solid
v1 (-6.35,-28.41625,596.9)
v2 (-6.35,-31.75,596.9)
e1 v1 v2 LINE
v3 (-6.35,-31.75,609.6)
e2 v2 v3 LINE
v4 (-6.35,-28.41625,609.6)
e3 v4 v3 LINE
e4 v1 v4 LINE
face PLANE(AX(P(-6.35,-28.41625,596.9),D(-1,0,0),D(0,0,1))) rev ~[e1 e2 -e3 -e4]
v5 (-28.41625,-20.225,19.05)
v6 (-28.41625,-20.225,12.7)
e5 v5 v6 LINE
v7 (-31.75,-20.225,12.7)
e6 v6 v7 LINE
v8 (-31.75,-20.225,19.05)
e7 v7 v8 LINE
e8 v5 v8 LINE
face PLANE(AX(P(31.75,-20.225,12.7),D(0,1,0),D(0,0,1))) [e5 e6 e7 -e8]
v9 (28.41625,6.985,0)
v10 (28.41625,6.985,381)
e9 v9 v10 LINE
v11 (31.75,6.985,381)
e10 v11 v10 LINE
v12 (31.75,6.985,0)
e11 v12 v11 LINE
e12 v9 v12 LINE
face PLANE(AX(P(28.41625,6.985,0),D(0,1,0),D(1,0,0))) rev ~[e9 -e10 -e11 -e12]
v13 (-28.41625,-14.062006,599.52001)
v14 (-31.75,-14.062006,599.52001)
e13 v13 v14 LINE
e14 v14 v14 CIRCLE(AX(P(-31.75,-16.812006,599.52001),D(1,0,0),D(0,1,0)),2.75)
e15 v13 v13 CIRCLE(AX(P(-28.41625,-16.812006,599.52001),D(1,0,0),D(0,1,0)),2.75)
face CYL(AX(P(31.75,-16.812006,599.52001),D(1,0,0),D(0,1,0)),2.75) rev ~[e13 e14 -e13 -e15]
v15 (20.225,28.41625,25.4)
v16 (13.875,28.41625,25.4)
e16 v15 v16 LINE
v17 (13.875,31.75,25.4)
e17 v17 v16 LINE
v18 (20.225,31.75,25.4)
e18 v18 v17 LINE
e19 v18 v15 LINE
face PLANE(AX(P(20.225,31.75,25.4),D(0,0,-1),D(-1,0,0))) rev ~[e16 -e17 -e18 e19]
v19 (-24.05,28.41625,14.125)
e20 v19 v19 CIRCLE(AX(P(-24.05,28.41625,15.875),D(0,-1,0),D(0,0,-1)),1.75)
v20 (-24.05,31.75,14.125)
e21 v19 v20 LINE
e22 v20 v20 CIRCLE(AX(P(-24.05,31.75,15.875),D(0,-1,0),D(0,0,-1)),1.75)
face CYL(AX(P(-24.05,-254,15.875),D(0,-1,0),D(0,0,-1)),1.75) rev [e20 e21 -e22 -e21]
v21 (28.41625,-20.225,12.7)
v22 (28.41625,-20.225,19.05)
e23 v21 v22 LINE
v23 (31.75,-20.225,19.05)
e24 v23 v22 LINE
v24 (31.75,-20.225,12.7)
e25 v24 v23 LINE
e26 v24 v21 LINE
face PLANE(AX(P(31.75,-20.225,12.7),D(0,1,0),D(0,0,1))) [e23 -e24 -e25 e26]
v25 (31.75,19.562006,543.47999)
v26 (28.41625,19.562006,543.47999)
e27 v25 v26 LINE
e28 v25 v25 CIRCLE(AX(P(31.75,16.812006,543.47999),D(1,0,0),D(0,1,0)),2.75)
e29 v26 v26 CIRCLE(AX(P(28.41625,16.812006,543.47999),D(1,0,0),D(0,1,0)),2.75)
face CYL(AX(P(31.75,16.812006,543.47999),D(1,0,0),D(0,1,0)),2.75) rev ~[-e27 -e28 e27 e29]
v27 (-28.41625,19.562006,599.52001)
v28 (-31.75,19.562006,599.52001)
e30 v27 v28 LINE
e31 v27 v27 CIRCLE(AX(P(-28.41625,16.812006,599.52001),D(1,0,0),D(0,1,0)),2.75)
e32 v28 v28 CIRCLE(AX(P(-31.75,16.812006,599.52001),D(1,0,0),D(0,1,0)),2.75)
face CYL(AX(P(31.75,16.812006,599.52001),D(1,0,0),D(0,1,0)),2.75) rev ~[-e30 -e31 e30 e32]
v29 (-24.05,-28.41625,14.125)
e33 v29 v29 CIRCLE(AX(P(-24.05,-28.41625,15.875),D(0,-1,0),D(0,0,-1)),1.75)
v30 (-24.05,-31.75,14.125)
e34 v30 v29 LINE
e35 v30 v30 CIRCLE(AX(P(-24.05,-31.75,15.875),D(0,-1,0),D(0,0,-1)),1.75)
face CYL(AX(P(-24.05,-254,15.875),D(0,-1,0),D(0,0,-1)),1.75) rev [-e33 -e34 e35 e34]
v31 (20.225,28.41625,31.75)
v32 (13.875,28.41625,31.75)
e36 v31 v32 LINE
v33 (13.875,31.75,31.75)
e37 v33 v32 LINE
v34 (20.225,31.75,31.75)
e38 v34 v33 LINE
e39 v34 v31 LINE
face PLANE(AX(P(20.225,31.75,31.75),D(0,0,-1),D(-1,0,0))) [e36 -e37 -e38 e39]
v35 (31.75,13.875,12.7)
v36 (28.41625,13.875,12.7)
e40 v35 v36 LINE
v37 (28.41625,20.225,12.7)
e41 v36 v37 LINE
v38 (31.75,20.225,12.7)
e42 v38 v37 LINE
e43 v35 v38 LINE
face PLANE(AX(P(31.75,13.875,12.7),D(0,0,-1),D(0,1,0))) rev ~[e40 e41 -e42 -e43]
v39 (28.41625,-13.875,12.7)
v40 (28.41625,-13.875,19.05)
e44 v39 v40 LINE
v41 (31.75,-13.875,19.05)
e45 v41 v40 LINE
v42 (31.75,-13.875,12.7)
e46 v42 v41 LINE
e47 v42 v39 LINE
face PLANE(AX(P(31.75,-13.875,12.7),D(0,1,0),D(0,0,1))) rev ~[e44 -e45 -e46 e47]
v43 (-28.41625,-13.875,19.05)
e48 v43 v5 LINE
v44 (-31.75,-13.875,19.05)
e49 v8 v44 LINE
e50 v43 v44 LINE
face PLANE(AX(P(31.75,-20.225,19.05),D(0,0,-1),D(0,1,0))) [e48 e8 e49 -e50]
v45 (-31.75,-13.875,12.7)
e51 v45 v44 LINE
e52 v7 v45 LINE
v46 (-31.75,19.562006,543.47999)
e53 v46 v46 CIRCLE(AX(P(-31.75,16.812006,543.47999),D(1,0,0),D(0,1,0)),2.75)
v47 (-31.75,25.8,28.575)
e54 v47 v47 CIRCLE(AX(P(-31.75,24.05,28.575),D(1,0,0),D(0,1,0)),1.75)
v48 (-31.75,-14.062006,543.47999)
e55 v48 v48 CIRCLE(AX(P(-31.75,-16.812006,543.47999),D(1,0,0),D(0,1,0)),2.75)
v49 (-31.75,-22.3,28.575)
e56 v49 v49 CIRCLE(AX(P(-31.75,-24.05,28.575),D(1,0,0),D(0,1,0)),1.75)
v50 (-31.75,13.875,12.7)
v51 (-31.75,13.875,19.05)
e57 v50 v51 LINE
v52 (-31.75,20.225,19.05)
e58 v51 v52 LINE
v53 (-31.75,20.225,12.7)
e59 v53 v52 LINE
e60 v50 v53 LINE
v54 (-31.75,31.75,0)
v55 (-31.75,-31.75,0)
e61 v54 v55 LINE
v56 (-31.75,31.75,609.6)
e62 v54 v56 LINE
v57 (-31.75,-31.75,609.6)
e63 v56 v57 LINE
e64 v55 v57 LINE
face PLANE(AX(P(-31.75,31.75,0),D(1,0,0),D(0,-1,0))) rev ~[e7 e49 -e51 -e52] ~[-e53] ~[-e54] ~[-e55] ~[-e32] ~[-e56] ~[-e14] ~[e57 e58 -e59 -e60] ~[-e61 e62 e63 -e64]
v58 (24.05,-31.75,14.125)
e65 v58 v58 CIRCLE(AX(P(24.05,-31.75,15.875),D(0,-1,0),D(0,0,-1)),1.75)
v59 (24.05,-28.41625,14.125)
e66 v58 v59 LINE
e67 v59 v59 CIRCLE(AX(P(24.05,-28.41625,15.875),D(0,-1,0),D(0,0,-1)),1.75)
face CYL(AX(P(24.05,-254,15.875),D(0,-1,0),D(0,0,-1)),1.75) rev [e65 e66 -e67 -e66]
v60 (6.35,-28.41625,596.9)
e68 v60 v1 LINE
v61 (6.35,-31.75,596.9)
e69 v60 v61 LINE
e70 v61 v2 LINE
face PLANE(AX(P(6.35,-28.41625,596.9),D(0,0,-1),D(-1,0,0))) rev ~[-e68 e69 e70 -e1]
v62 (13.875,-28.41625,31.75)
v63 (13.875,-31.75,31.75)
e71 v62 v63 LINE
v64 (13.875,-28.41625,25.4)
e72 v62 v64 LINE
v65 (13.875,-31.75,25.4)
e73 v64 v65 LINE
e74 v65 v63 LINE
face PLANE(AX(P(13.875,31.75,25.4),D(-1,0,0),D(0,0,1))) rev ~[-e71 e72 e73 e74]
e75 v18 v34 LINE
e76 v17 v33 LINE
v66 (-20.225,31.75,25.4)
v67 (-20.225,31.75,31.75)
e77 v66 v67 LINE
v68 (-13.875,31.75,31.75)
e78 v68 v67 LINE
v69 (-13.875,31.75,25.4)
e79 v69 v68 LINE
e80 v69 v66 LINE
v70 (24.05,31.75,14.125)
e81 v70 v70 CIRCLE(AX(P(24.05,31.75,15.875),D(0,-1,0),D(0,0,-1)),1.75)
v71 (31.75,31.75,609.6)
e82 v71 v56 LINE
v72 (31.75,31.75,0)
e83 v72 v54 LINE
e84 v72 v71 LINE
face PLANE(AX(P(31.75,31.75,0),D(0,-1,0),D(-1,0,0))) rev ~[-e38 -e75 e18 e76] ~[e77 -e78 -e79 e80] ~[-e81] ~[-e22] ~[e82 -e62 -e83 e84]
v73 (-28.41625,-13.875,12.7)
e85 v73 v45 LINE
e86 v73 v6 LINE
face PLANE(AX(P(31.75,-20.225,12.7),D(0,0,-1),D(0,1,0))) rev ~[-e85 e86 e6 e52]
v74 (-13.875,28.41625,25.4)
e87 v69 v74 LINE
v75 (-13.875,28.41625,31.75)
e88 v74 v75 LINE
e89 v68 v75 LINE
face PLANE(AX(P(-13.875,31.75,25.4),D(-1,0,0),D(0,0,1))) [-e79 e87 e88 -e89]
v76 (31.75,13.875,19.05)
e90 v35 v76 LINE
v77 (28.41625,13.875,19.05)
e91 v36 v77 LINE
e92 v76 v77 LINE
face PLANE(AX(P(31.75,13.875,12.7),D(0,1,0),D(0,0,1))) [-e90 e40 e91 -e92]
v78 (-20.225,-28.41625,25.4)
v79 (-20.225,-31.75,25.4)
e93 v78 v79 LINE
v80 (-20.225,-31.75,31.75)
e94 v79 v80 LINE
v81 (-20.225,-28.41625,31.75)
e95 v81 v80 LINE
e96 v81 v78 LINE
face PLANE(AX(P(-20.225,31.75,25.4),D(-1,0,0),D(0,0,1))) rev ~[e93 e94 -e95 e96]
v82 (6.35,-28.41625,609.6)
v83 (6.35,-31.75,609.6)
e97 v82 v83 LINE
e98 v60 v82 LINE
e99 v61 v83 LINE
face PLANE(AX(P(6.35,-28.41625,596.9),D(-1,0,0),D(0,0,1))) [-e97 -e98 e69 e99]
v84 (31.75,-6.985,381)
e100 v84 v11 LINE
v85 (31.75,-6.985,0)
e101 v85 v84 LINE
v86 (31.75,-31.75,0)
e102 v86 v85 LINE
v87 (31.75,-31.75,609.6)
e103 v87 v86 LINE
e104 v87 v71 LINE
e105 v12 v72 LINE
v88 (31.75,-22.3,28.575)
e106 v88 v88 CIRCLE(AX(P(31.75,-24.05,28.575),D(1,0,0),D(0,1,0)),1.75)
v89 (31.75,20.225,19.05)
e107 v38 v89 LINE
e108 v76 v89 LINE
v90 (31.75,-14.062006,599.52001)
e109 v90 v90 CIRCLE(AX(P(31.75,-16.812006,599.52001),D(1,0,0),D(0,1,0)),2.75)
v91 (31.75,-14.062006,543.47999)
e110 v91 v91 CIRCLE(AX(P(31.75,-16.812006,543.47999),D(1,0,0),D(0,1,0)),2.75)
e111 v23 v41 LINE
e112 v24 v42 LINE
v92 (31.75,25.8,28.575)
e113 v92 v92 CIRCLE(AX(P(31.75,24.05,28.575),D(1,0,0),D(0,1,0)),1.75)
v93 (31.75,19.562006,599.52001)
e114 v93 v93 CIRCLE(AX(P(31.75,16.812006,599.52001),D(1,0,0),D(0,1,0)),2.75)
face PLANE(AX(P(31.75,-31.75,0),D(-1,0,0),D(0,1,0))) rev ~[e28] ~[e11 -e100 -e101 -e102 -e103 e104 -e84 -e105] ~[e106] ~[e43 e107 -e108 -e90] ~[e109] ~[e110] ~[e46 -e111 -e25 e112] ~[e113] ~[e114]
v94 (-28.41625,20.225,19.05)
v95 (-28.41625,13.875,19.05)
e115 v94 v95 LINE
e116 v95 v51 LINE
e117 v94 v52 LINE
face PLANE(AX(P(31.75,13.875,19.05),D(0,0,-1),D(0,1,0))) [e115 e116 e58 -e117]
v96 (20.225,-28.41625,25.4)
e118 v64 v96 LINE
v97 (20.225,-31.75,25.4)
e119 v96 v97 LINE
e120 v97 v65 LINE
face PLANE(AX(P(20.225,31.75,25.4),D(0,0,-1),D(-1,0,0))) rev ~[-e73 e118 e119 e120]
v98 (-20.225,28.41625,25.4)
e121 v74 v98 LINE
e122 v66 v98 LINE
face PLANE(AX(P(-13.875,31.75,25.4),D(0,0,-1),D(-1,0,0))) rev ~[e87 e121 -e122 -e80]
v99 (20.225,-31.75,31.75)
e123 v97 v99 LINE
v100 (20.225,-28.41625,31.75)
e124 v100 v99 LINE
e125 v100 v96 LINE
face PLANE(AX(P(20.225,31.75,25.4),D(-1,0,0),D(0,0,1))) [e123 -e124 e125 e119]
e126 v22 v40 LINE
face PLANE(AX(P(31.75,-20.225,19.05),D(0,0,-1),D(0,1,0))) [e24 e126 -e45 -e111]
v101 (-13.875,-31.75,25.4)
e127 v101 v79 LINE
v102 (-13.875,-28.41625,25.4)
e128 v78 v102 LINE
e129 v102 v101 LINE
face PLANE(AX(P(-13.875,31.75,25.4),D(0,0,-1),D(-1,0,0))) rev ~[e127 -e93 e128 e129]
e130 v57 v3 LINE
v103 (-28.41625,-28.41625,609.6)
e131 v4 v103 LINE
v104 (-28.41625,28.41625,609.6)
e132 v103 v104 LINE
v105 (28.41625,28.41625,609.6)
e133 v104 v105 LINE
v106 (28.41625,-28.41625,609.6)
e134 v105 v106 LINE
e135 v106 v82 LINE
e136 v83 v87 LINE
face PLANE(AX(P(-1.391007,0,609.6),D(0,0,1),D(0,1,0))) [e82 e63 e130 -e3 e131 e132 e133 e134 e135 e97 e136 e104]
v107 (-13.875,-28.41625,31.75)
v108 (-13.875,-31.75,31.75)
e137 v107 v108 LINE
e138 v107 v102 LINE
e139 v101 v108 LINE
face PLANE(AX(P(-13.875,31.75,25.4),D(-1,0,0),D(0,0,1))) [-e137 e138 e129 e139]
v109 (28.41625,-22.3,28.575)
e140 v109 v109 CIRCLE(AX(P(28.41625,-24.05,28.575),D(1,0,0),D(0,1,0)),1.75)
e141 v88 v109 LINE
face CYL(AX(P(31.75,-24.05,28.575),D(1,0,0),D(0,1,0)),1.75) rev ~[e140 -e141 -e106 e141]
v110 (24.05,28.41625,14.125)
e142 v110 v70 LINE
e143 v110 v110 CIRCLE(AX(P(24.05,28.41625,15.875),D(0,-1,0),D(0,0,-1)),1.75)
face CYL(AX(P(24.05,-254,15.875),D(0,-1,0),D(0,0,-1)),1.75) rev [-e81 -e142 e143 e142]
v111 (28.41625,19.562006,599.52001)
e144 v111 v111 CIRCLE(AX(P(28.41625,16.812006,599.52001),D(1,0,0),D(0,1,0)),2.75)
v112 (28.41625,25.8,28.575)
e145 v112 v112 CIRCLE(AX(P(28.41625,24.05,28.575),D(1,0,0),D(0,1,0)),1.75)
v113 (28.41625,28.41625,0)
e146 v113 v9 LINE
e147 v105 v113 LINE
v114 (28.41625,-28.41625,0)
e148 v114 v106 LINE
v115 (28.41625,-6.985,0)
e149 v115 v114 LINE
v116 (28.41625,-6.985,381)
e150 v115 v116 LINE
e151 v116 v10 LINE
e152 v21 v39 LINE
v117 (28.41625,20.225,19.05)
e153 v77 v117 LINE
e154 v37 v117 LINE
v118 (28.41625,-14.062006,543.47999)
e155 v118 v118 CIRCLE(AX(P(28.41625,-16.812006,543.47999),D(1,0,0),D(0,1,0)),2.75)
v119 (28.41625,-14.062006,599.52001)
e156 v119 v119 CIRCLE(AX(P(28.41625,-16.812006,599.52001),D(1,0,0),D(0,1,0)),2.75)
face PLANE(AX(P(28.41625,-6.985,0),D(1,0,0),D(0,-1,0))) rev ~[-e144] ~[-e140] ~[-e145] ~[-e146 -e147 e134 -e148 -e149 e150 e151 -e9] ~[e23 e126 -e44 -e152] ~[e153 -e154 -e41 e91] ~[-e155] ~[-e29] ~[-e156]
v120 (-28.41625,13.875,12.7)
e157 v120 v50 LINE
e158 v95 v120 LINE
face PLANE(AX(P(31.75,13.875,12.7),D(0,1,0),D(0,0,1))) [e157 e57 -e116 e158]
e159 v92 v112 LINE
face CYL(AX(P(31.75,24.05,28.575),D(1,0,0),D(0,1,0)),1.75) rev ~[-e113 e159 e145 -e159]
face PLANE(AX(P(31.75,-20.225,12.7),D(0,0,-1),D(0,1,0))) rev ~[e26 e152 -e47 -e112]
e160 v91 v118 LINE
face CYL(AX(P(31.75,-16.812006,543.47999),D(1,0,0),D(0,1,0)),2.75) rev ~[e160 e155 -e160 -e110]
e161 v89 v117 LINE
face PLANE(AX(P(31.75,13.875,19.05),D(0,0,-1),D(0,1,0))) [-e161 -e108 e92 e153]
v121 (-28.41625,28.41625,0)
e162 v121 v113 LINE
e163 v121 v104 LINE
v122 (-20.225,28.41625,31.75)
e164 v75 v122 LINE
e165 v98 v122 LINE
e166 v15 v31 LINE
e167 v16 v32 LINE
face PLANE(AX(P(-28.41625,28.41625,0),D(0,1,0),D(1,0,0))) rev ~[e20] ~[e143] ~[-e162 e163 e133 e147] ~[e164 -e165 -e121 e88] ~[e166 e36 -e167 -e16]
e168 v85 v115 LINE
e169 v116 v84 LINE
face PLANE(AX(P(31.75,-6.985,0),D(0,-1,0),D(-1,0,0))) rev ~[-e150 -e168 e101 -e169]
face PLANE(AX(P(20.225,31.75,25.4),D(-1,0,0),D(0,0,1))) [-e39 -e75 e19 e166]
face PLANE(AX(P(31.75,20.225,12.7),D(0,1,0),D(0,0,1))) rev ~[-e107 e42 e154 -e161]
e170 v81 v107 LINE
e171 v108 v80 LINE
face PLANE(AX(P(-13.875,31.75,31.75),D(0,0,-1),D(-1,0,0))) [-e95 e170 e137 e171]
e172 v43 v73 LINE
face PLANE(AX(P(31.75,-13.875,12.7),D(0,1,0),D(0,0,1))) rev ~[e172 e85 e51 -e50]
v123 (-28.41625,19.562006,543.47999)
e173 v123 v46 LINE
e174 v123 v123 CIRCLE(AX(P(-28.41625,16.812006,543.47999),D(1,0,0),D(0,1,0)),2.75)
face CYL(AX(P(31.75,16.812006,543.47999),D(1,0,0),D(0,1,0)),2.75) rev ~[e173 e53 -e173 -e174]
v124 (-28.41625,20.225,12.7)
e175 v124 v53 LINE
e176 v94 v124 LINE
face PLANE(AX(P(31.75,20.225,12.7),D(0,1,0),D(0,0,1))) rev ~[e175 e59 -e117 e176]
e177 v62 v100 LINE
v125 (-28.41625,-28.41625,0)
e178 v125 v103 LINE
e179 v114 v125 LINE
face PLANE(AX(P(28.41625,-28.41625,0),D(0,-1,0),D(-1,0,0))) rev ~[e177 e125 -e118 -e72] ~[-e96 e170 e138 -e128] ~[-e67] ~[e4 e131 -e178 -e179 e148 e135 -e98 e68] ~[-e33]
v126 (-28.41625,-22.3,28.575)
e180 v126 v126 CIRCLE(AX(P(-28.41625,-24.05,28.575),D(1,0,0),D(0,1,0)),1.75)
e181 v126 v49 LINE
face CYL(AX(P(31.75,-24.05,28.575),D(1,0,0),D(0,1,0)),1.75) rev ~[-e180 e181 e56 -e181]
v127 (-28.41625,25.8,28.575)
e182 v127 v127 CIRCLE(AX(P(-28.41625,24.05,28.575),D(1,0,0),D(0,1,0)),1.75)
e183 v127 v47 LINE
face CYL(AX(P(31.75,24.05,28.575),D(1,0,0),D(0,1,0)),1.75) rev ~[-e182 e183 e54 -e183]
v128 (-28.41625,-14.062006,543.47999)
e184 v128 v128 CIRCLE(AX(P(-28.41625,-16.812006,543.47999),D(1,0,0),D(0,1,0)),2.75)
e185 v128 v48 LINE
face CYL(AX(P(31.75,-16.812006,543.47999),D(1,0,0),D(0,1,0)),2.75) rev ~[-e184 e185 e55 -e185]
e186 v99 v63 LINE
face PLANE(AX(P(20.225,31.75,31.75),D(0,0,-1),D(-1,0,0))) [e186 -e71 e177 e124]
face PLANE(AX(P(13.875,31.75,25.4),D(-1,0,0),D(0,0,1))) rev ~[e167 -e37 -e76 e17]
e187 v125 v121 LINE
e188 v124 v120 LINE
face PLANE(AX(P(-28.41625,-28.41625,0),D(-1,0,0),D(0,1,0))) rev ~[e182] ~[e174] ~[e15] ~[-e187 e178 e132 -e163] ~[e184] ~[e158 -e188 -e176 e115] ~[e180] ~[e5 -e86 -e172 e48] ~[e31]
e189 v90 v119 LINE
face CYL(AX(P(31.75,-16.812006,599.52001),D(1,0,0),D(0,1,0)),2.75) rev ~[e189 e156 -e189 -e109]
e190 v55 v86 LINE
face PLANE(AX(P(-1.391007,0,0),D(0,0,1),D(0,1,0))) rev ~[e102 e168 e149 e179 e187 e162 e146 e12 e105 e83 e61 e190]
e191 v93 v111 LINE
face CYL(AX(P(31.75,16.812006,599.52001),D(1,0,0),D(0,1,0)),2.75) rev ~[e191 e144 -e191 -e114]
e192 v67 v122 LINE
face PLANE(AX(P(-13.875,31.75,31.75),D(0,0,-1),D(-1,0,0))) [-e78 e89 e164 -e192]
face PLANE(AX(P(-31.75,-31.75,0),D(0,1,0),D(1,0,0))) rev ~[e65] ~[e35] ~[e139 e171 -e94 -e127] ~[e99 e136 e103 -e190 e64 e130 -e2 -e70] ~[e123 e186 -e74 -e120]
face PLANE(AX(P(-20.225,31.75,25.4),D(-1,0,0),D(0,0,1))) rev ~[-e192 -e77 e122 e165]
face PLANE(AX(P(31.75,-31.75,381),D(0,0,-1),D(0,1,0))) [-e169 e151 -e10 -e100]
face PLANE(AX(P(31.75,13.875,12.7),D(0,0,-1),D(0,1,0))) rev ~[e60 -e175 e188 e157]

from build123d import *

# Parameters (mm, degrees)
BOSS_EXTRUDE1_DEPTH     = 609.6
CUT_EXTRUDE1_DEPTH      = 254
CUT_EXTRUDE1_DEPTH_BACK = 254
SKETCH2_R               = 1.75
SKETCH4_R               = 1.75
CUT_EXTRUDE2_DEPTH      = 254
SKETCH6_W               = 6.35
SKETCH6_H               = 6.35
CUT_EXTRUDE4_DEPTH      = 90.678
SKETCH7_W               = 6.35
SKETCH7_H               = 6.35
CUT_EXTRUDE5_DEPTH      = 122.174
SKETCH8_W               = 63.5
SKETCH8_H               = 228.6
BOSS_EXTRUDE2_DEPTH     = 3.33375
SKETCH9_R               = 2.75
CUT_EXTRUDE6_DEPTH      = 100.584
SKETCH11_W              = 12.7
SKETCH11_H              = 12.7
CUT_EXTRUDE8_DEPTH      = 31.496


with BuildPart() as part:
    # Sketch1 → Boss-Extrude1 (new body)
    with BuildSketch(Plane(origin=(0, 0, 0), x_dir=(0, 1, 0), z_dir=(0, 0, 1))):
        Polygon((28.41625, 28.41625), (28.41625, -28.41625), (6.985, -28.41625), (6.985, -31.75), (31.75, -31.75), (31.75, 31.75), (-31.75, 31.75), (-31.75, -31.75), (-6.985, -31.75), (-6.985, -28.41625), (-28.41625, -28.41625), (-28.41625, 28.41625), align=None)
    extrude(amount=BOSS_EXTRUDE1_DEPTH)

    # Sketch2 → Cut-Extrude1 (cut, two sides: drawn at the far end of the back side and taken through both)
    with BuildSketch(Plane(origin=(0, 0, 0), x_dir=(-1, 0, 0), z_dir=(0, 1, 0)).offset(-CUT_EXTRUDE1_DEPTH_BACK)):
        with Locations(Location((-24.05, 15.875, 0), (0, 0, 270))):
            Circle(SKETCH2_R)
        with Locations(Location((24.05, 15.875, 0), (0, 0, 270))):
            Circle(SKETCH2_R)
    extrude(amount=CUT_EXTRUDE1_DEPTH + CUT_EXTRUDE1_DEPTH_BACK, mode=Mode.SUBTRACT)

    # Sketch4 → Cut-Extrude2 (cut)
    with BuildSketch(Plane.YZ.offset(31.75)):
        with Locations((24.05, 28.575)):
            Circle(SKETCH4_R)
        with Locations((-24.05, 28.575)):
            Circle(SKETCH4_R)
    extrude(amount=-CUT_EXTRUDE2_DEPTH, mode=Mode.SUBTRACT)

    # Sketch6 → Cut-Extrude4 (cut)
    with BuildSketch(Plane.YZ.offset(31.75)):
        with Locations((17.05, 15.875)):
            Rectangle(SKETCH6_W, SKETCH6_H)
        with Locations((-17.05, 15.875)):
            Rectangle(SKETCH6_W, SKETCH6_H)
    extrude(amount=-CUT_EXTRUDE4_DEPTH, mode=Mode.SUBTRACT)

    # Sketch7 → Cut-Extrude5 (cut)
    with BuildSketch(Plane(origin=(0, 31.75, 0), x_dir=(-1, 0, 0), z_dir=(0, 1, 0))):
        with Locations((-17.05, 28.575)):
            Rectangle(SKETCH7_W, SKETCH7_H)
        with Locations((17.05, 28.575)):
            Rectangle(SKETCH7_W, SKETCH7_H)
    extrude(amount=-CUT_EXTRUDE5_DEPTH, mode=Mode.SUBTRACT)

    # Sketch8 → Boss-Extrude2 (add)
    with BuildSketch(Plane.YZ.offset(31.75)):
        with Locations((0, 495.3)):
            Rectangle(SKETCH8_W, SKETCH8_H)
    extrude(amount=-BOSS_EXTRUDE2_DEPTH)

    # Sketch9 → Cut-Extrude6 (cut)
    with BuildSketch(Plane.YZ.offset(31.75)):
        with Locations((-16.812006, 599.52001)):
            Circle(SKETCH9_R)
        with Locations((-16.812006, 543.47999)):
            Circle(SKETCH9_R)
        with Locations((16.812006, 543.47999)):
            Circle(SKETCH9_R)
        with Locations((16.812006, 599.52001)):
            Circle(SKETCH9_R)
    extrude(amount=-CUT_EXTRUDE6_DEPTH, mode=Mode.SUBTRACT)

    # Sketch11 → Cut-Extrude8 (cut)
    with BuildSketch(Plane(origin=(0, -28.41625, 0), x_dir=(-1, 0, 0), z_dir=(0, 1, 0))):
        with Locations((0, 603.25)):
            Rectangle(SKETCH11_W, SKETCH11_H)
    extrude(amount=-CUT_EXTRUDE8_DEPTH, mode=Mode.SUBTRACT)


solid = part.part
